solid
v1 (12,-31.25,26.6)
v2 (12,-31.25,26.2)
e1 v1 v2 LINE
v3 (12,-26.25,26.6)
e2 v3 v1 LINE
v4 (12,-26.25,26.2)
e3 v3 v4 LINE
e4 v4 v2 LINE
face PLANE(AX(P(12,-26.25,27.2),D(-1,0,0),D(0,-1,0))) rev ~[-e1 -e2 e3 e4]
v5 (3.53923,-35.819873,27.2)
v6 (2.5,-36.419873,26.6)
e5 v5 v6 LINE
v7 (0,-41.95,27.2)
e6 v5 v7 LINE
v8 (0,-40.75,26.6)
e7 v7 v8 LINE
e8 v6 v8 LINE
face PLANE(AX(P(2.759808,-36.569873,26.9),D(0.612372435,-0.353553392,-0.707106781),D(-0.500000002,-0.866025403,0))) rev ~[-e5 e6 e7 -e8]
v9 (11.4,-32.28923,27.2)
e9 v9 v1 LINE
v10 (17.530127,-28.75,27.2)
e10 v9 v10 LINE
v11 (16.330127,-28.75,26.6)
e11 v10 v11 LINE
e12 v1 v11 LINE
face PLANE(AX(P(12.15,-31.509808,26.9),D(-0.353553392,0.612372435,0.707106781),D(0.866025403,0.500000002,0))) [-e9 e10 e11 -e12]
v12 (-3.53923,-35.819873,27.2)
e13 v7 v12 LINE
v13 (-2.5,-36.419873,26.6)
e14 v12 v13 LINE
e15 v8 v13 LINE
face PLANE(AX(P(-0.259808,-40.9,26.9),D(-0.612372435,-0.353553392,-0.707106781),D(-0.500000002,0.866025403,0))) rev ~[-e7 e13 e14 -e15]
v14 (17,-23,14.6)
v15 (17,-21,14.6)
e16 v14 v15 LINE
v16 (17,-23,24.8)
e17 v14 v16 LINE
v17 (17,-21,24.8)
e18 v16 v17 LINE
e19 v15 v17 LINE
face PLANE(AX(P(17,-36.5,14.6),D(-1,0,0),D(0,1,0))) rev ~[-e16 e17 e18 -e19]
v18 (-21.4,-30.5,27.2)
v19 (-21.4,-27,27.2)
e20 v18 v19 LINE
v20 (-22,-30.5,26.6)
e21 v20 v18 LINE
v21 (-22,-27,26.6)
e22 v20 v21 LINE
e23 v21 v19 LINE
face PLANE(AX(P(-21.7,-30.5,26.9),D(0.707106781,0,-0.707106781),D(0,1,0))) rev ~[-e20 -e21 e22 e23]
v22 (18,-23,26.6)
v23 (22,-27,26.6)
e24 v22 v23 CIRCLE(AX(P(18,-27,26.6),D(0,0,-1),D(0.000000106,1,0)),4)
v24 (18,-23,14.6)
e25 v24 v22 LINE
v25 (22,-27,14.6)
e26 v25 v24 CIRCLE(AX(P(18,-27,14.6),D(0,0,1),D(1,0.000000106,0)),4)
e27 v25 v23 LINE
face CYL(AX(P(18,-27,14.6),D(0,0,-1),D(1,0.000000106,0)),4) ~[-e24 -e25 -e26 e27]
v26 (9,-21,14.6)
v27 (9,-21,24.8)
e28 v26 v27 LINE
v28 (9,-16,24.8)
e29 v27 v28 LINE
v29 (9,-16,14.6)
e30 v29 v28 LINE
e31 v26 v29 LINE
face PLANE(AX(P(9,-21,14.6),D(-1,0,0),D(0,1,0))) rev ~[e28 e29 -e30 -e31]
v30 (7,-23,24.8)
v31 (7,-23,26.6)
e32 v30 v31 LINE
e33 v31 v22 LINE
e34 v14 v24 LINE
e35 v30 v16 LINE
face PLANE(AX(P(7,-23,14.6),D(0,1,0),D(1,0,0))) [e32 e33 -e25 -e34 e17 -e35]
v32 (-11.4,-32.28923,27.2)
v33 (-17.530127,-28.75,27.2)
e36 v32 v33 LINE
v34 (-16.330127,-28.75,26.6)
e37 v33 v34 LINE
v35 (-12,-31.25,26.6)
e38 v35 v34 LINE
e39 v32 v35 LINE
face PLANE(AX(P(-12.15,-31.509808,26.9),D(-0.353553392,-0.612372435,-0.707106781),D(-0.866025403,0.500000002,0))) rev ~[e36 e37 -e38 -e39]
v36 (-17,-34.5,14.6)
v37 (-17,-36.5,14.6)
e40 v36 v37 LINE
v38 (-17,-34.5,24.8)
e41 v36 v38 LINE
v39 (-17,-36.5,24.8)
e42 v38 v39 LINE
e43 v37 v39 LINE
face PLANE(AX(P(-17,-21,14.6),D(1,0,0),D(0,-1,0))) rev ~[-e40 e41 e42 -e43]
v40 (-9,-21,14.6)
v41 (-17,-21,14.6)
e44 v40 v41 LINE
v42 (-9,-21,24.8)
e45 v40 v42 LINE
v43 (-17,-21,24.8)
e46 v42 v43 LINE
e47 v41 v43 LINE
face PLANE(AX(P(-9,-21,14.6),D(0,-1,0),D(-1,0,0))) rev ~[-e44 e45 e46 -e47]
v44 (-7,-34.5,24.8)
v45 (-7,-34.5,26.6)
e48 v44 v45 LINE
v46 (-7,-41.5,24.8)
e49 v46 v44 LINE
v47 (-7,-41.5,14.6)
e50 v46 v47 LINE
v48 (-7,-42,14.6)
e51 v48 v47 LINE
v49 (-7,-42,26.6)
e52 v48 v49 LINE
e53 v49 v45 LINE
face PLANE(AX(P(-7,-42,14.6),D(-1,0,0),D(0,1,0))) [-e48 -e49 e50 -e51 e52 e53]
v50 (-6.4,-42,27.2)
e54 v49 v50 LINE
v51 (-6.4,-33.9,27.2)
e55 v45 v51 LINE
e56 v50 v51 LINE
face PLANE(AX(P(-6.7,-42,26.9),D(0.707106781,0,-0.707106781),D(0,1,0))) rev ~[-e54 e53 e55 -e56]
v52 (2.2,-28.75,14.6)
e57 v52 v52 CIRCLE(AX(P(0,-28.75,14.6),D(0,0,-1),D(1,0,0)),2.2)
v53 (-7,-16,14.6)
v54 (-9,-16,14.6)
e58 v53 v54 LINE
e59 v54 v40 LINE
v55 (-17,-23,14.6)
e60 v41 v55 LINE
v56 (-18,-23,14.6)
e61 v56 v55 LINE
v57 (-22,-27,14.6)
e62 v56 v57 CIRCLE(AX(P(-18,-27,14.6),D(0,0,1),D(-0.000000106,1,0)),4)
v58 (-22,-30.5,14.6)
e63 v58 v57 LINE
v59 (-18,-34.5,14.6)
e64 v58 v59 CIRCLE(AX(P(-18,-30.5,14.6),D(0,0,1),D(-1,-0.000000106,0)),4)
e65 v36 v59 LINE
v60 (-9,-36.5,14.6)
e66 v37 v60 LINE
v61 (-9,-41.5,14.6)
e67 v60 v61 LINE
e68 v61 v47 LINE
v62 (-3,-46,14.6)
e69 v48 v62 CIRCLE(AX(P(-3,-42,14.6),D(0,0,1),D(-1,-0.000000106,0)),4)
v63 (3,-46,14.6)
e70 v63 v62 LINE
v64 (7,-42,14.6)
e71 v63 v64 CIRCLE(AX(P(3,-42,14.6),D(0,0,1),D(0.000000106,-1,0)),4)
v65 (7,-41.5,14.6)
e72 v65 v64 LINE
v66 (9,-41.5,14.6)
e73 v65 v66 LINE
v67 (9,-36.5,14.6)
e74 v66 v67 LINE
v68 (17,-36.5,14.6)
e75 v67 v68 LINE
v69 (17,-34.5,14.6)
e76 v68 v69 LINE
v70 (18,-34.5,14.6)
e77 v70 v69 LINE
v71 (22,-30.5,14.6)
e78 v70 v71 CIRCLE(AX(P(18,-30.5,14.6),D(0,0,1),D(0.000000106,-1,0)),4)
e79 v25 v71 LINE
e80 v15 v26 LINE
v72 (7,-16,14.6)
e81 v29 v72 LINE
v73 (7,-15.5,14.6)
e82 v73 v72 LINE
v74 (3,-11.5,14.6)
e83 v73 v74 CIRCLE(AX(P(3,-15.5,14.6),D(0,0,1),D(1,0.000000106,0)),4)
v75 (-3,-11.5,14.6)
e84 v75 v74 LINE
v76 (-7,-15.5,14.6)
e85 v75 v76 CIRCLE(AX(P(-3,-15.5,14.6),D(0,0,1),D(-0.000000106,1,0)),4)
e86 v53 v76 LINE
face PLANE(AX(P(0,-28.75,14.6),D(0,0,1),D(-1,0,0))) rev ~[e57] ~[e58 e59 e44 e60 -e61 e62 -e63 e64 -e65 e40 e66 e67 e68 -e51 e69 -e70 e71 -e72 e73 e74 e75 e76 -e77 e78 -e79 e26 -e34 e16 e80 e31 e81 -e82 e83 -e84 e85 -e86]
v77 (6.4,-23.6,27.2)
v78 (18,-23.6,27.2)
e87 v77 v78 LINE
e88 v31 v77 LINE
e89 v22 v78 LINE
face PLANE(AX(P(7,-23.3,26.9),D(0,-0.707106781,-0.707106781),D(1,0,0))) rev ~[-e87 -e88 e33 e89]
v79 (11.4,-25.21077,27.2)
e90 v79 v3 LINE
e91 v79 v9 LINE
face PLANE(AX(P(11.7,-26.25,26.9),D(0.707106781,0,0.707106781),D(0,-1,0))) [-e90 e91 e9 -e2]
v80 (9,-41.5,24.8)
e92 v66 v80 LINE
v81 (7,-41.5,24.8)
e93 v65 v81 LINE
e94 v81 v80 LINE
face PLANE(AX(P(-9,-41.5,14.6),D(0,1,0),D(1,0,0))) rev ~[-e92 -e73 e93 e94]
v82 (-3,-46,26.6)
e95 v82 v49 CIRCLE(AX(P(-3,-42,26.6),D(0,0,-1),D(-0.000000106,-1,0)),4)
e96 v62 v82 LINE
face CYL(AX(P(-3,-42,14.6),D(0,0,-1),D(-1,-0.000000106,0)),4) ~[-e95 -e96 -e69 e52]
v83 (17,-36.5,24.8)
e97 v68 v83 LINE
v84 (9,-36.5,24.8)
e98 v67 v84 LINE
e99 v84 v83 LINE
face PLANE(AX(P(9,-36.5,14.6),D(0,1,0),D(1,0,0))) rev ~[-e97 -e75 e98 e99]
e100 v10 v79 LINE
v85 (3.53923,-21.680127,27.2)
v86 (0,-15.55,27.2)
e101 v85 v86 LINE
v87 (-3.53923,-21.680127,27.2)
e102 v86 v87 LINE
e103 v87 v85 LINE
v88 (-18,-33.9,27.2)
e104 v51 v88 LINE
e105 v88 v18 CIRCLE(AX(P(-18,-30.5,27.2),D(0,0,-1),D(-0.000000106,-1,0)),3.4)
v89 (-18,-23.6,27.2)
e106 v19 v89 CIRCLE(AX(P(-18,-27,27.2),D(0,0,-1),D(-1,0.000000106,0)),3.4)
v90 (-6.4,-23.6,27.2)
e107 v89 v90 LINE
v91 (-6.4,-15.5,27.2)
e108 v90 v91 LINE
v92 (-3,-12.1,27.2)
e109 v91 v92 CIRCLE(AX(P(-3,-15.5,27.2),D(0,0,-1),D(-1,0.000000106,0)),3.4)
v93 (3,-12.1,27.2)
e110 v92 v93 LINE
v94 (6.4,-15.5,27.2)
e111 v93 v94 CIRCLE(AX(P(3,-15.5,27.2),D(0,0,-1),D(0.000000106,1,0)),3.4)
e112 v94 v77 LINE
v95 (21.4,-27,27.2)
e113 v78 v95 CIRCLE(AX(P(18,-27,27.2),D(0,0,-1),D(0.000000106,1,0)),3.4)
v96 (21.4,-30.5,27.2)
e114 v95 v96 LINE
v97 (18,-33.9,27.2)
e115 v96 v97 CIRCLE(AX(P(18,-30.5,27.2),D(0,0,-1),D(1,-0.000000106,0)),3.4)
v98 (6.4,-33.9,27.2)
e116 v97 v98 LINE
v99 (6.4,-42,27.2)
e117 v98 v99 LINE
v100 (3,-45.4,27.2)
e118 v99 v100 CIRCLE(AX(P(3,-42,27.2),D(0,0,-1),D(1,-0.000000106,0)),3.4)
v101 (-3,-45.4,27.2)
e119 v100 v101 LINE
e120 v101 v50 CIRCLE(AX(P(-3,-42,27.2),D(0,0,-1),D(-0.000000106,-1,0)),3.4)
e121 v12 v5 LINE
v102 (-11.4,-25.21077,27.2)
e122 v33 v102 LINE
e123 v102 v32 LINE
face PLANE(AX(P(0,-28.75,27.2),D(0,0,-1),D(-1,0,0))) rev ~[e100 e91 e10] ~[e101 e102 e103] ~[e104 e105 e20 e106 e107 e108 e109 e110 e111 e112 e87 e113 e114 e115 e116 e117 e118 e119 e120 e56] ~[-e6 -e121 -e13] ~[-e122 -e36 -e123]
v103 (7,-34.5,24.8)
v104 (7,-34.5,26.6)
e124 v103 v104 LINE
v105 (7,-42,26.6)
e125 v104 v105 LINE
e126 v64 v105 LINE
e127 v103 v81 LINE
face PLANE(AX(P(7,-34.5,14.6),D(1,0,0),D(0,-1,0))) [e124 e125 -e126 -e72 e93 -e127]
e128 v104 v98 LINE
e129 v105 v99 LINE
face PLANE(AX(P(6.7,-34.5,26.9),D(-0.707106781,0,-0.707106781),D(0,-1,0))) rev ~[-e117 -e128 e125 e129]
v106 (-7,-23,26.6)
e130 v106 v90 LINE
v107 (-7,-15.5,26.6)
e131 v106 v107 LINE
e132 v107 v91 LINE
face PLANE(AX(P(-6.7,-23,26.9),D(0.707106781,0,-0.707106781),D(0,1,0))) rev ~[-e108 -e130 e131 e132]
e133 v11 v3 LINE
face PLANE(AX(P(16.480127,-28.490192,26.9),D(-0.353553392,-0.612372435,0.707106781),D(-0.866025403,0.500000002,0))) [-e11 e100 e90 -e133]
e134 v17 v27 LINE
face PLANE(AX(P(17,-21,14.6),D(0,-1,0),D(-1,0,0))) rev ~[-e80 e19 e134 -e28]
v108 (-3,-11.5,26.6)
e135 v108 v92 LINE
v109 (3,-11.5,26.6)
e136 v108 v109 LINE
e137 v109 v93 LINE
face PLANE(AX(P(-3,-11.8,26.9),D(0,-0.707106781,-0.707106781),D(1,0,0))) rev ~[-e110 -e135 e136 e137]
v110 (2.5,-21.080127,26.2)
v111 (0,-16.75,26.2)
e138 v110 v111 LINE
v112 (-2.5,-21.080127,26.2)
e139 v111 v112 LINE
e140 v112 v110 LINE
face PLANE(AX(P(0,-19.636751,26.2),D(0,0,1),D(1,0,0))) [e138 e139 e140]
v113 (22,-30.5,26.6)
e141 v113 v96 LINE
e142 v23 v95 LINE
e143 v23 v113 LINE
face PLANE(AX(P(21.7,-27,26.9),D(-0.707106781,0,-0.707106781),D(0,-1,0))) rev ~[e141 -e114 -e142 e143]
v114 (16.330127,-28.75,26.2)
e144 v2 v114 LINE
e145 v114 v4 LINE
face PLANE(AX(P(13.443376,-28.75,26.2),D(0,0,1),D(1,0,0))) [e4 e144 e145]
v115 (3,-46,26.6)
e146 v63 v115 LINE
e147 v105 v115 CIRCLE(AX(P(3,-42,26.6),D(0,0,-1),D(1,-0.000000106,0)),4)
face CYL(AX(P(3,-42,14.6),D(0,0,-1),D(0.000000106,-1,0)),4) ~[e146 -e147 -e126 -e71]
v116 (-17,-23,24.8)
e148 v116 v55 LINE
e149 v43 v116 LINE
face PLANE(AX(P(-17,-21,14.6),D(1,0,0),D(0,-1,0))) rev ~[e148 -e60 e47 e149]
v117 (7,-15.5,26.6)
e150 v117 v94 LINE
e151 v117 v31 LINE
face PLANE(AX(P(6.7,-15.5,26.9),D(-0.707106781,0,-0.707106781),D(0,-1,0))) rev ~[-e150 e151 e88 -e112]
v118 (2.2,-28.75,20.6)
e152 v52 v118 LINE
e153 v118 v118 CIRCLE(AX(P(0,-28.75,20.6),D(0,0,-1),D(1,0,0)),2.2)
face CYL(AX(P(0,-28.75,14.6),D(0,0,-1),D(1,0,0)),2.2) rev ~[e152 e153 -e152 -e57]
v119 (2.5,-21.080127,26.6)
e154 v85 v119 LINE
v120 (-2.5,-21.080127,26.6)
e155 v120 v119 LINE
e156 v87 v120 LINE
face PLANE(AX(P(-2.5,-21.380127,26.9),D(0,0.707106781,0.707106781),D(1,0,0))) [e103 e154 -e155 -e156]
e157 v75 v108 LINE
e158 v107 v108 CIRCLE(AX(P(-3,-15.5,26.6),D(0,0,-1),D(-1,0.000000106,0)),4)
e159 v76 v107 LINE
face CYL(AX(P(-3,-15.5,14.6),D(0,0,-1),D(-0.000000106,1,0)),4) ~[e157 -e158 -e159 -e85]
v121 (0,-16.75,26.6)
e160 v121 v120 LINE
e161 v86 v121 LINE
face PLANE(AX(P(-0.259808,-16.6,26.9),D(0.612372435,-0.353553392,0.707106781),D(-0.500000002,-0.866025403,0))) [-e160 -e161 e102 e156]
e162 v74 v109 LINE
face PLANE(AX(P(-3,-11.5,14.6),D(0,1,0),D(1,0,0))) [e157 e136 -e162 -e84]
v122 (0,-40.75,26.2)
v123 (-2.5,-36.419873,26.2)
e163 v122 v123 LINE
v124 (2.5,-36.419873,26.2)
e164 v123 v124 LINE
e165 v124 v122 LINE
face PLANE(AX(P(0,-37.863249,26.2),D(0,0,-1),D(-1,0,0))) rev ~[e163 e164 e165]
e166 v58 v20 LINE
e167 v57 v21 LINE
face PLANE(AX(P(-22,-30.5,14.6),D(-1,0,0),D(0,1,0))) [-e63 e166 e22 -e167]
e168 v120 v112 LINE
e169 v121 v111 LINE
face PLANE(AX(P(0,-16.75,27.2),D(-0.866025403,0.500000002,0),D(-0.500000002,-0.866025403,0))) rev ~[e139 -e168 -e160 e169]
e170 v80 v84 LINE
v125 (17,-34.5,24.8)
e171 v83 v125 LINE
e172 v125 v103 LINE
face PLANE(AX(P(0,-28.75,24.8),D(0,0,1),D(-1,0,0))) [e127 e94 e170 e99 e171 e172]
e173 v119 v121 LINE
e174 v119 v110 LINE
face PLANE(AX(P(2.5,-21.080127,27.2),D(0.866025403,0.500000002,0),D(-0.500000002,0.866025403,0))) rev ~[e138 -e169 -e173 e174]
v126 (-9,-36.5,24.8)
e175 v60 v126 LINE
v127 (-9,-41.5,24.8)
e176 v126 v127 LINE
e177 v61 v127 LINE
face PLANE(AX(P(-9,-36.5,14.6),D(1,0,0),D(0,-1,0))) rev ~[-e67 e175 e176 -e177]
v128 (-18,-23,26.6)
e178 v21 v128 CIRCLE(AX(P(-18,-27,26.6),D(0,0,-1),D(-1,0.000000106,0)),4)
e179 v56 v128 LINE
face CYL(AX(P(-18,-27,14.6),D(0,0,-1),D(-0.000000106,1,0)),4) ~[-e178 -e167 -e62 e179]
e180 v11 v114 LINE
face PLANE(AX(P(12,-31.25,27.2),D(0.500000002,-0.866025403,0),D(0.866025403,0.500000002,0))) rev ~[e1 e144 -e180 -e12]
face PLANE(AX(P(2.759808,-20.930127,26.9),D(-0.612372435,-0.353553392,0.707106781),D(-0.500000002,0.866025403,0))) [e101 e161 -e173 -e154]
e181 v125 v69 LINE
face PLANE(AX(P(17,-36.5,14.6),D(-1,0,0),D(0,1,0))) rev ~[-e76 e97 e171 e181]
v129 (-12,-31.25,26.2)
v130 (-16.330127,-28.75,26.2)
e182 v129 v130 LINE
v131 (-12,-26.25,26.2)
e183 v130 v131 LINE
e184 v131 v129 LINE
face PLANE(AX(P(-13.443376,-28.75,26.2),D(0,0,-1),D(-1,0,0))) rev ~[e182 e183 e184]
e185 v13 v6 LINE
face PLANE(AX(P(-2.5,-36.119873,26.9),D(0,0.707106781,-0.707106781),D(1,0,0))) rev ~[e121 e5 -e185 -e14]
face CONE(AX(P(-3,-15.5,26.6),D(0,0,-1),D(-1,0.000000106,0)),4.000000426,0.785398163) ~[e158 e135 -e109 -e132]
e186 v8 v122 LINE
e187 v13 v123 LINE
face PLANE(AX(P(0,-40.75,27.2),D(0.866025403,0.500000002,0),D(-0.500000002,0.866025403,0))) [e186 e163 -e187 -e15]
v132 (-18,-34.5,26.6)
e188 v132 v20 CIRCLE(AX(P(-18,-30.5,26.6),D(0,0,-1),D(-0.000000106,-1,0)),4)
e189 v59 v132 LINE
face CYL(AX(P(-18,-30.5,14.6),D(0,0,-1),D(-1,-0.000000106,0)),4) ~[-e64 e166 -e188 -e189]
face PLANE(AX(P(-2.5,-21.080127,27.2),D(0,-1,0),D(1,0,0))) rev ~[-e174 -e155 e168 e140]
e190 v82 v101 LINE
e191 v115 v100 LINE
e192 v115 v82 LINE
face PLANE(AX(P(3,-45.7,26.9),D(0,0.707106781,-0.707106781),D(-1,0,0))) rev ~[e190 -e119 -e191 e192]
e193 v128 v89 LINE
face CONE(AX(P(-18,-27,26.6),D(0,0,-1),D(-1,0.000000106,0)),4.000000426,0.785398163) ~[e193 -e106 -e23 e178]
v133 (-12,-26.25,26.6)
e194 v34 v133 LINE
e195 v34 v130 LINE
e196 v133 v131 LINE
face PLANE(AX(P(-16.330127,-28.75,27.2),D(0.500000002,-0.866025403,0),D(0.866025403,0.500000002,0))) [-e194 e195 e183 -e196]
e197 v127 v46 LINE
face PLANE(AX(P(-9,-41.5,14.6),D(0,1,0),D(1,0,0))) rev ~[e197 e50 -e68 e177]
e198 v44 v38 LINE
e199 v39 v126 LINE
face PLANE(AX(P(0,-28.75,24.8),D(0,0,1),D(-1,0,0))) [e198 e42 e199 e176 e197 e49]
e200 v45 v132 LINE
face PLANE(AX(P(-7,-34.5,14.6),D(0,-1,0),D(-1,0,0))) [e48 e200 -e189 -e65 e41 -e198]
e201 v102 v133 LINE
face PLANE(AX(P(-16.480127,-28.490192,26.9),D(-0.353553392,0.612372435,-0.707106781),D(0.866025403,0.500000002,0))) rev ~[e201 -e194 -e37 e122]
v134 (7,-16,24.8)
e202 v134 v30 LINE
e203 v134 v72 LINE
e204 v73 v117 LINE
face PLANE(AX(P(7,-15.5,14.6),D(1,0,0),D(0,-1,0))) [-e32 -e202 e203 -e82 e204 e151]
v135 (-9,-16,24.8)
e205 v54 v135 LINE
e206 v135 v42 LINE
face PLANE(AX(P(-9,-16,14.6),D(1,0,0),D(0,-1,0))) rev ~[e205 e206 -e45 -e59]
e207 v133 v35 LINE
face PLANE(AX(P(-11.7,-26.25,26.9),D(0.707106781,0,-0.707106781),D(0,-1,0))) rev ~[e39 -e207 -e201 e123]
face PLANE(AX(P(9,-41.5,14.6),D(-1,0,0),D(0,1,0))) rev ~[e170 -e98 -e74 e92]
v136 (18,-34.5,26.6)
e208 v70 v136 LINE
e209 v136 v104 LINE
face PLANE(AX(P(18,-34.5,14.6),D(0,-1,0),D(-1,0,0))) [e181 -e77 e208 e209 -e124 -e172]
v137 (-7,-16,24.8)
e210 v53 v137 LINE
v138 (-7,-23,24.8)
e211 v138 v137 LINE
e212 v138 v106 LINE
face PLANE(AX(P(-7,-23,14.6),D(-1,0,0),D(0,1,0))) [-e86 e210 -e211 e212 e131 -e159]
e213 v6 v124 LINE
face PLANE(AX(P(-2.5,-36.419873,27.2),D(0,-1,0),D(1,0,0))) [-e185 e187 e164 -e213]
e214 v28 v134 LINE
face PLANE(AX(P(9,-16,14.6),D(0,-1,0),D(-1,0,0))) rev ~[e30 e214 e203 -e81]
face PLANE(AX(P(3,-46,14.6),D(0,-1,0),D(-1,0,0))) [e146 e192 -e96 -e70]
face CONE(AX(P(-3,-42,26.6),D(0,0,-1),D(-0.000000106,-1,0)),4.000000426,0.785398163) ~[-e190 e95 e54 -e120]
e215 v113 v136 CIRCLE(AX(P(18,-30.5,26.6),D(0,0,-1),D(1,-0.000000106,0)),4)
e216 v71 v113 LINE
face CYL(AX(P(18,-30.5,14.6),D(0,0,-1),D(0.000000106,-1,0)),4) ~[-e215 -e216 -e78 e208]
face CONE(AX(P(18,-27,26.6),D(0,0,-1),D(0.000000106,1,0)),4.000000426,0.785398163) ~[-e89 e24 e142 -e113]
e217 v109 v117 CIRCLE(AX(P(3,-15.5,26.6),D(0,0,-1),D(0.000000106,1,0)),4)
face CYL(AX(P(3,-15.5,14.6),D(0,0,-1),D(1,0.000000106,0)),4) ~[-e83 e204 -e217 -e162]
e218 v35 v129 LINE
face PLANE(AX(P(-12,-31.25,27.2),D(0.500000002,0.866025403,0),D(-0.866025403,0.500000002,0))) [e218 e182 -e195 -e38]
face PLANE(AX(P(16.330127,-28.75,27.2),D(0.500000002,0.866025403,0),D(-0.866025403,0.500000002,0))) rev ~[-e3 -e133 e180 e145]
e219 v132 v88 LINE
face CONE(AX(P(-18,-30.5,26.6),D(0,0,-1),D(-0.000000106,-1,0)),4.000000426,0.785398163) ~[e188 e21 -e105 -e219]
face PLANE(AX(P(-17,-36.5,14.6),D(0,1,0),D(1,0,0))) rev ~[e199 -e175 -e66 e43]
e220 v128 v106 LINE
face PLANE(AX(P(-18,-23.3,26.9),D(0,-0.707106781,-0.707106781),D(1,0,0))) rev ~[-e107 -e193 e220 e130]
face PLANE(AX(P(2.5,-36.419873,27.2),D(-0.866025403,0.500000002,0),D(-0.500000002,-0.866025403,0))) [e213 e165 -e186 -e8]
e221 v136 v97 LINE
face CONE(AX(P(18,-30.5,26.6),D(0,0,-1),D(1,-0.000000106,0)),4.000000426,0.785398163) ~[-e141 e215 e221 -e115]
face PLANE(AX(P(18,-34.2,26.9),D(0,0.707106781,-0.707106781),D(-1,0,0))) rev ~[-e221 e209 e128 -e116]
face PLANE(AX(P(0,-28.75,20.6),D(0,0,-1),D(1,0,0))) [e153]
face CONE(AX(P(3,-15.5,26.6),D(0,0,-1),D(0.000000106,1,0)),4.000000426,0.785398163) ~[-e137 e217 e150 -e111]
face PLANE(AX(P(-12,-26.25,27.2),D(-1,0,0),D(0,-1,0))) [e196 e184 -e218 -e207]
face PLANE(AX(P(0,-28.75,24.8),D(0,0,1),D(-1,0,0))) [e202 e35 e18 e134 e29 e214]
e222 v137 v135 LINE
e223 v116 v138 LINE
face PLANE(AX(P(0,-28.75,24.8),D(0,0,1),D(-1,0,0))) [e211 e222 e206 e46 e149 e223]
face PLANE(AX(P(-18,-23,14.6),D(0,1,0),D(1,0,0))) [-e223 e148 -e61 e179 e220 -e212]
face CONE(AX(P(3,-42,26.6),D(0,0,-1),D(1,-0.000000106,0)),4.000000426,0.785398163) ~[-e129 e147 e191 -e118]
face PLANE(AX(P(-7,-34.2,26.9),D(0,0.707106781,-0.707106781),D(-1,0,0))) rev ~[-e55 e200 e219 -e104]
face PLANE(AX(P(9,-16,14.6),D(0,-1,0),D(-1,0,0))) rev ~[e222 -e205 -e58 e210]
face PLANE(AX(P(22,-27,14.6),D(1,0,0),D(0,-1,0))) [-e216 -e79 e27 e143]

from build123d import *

# Parameters (mm, degrees)
PAD025_DEPTH    = 12.6
PAD026_DEPTH    = 10.2
POCKET012_DEPTH = 1
SKETCH058_R     = 2.2
POCKET022_DEPTH = 6
CHAMFER002_SIZE = 0.6


with BuildPart() as part:
    # Sketch039 → Pad025 (new body)
    with BuildSketch(Plane.XY.offset(14.6)):
        with BuildLine():
            Line((-3, -11.5), (3, -11.5))
            ThreePointArc((7, -15.5), (5.828427, -12.671573), (3, -11.5))
            Line((7, -15.5), (7, -23))
            Line((7, -23), (18, -23))
            ThreePointArc((22, -27), (20.828427, -24.171573), (18, -23))
            Line((22, -27), (22, -30.5))
            ThreePointArc((18, -34.5), (20.828427, -33.328427), (22, -30.5))
            Line((18, -34.5), (7, -34.5))
            Line((7, -34.5), (7, -42))
            ThreePointArc((3, -46), (5.828427, -44.828427), (7, -42))
            Line((3, -46), (-3, -46))
            ThreePointArc((-7, -42), (-5.828427, -44.828427), (-3, -46))
            Line((-7, -42), (-7, -34.5))
            Line((-7, -34.5), (-18, -34.5))
            ThreePointArc((-22, -30.5), (-20.828427, -33.328427), (-18, -34.5))
            Line((-22, -30.5), (-22, -27))
            ThreePointArc((-18, -23), (-20.828427, -24.171573), (-22, -27))
            Line((-18, -23), (-7, -23))
            Line((-7, -23), (-7, -15.5))
            ThreePointArc((-3, -11.5), (-5.828427, -12.671573), (-7, -15.5))
        make_face()
    extrude(amount=PAD025_DEPTH)

    # Sketch041 (on Face21 of Pad025) → Pad026 (join)
    with BuildSketch(Plane(origin=(0, 0, 14.6), x_dir=(1, 0, 0), z_dir=(0, 0, -1))):
        Polygon((-17, 36.5), (-9, 36.5), (-9, 41.5), (9, 41.5), (9, 36.5), (17, 36.5), (17, 21), (9, 21), (9, 16), (-9, 16), (-9, 21), (-17, 21), align=None)
    extrude(amount=-PAD026_DEPTH)

    # Sketch042 (on Face5 of Pad026) → Pocket012 (cut)
    with BuildSketch(Plane.XY.offset(27.2)):
        Polygon((0, -16.75), (-2.5, -21.080127), (2.5, -21.080127), align=None)
        Polygon((-2.5, -36.419873), (2.5, -36.419873), (0, -40.75), align=None)
        Polygon((-16.330127, -28.75), (-12, -26.25), (-12, -31.25), align=None)
        Polygon((12, -26.25), (12, -31.25), (16.330127, -28.75), align=None)
    extrude(amount=-POCKET012_DEPTH, mode=Mode.SUBTRACT)

    # Sketch058 (on Face8 of Pocket012) → Pocket022 (cut)
    with BuildSketch(Plane(origin=(0, 0, 14.6), x_dir=(1, 0, 0), z_dir=(0, 0, -1))):
        with Locations((0, 28.75)):
            Circle(SKETCH058_R)
    extrude(amount=-POCKET022_DEPTH, mode=Mode.SUBTRACT)

    # Chamfer002
    chamfer002_edges = [part.edges().sort_by_distance(p)[0] for p in [
        (-14.165064, -30, 27.2),
        (-14.165064, -27.5, 27.2),
        (-12, -28.75, 27.2),
        (12, -28.75, 27.2),
        (0, -11.5, 27.2),
        (-5.828427, -12.671573, 27.2),
        (5.828427, -12.671573, 27.2),
        (-7, -19.25, 27.2),
        (7, -19.25, 27.2),
        (-12.5, -23, 27.2),
        (12.5, -23, 27.2),
        (-20.828427, -24.171573, 27.2),
        (20.828427, -24.171573, 27.2),
        (-22, -28.75, 27.2),
        (22, -28.75, 27.2),
        (-20.828427, -33.328427, 27.2),
        (20.828427, -33.328427, 27.2),
        (-12.5, -34.5, 27.2),
        (12.5, -34.5, 27.2),
        (-7, -38.25, 27.2),
        (7, -38.25, 27.2),
        (-5.828427, -44.828427, 27.2),
        (5.828427, -44.828427, 27.2),
        (0, -46, 27.2),
        (14.165064, -27.5, 27.2),
        (14.165064, -30, 27.2),
        (1.25, -18.915064, 27.2),
        (0, -21.080127, 27.2),
        (-1.25, -18.915064, 27.2),
        (0, -36.419873, 27.2),
        (1.25, -38.584936, 27.2),
        (-1.25, -38.584936, 27.2),
    ]]
    chamfer(chamfer002_edges, length=CHAMFER002_SIZE)


solid = part.part
